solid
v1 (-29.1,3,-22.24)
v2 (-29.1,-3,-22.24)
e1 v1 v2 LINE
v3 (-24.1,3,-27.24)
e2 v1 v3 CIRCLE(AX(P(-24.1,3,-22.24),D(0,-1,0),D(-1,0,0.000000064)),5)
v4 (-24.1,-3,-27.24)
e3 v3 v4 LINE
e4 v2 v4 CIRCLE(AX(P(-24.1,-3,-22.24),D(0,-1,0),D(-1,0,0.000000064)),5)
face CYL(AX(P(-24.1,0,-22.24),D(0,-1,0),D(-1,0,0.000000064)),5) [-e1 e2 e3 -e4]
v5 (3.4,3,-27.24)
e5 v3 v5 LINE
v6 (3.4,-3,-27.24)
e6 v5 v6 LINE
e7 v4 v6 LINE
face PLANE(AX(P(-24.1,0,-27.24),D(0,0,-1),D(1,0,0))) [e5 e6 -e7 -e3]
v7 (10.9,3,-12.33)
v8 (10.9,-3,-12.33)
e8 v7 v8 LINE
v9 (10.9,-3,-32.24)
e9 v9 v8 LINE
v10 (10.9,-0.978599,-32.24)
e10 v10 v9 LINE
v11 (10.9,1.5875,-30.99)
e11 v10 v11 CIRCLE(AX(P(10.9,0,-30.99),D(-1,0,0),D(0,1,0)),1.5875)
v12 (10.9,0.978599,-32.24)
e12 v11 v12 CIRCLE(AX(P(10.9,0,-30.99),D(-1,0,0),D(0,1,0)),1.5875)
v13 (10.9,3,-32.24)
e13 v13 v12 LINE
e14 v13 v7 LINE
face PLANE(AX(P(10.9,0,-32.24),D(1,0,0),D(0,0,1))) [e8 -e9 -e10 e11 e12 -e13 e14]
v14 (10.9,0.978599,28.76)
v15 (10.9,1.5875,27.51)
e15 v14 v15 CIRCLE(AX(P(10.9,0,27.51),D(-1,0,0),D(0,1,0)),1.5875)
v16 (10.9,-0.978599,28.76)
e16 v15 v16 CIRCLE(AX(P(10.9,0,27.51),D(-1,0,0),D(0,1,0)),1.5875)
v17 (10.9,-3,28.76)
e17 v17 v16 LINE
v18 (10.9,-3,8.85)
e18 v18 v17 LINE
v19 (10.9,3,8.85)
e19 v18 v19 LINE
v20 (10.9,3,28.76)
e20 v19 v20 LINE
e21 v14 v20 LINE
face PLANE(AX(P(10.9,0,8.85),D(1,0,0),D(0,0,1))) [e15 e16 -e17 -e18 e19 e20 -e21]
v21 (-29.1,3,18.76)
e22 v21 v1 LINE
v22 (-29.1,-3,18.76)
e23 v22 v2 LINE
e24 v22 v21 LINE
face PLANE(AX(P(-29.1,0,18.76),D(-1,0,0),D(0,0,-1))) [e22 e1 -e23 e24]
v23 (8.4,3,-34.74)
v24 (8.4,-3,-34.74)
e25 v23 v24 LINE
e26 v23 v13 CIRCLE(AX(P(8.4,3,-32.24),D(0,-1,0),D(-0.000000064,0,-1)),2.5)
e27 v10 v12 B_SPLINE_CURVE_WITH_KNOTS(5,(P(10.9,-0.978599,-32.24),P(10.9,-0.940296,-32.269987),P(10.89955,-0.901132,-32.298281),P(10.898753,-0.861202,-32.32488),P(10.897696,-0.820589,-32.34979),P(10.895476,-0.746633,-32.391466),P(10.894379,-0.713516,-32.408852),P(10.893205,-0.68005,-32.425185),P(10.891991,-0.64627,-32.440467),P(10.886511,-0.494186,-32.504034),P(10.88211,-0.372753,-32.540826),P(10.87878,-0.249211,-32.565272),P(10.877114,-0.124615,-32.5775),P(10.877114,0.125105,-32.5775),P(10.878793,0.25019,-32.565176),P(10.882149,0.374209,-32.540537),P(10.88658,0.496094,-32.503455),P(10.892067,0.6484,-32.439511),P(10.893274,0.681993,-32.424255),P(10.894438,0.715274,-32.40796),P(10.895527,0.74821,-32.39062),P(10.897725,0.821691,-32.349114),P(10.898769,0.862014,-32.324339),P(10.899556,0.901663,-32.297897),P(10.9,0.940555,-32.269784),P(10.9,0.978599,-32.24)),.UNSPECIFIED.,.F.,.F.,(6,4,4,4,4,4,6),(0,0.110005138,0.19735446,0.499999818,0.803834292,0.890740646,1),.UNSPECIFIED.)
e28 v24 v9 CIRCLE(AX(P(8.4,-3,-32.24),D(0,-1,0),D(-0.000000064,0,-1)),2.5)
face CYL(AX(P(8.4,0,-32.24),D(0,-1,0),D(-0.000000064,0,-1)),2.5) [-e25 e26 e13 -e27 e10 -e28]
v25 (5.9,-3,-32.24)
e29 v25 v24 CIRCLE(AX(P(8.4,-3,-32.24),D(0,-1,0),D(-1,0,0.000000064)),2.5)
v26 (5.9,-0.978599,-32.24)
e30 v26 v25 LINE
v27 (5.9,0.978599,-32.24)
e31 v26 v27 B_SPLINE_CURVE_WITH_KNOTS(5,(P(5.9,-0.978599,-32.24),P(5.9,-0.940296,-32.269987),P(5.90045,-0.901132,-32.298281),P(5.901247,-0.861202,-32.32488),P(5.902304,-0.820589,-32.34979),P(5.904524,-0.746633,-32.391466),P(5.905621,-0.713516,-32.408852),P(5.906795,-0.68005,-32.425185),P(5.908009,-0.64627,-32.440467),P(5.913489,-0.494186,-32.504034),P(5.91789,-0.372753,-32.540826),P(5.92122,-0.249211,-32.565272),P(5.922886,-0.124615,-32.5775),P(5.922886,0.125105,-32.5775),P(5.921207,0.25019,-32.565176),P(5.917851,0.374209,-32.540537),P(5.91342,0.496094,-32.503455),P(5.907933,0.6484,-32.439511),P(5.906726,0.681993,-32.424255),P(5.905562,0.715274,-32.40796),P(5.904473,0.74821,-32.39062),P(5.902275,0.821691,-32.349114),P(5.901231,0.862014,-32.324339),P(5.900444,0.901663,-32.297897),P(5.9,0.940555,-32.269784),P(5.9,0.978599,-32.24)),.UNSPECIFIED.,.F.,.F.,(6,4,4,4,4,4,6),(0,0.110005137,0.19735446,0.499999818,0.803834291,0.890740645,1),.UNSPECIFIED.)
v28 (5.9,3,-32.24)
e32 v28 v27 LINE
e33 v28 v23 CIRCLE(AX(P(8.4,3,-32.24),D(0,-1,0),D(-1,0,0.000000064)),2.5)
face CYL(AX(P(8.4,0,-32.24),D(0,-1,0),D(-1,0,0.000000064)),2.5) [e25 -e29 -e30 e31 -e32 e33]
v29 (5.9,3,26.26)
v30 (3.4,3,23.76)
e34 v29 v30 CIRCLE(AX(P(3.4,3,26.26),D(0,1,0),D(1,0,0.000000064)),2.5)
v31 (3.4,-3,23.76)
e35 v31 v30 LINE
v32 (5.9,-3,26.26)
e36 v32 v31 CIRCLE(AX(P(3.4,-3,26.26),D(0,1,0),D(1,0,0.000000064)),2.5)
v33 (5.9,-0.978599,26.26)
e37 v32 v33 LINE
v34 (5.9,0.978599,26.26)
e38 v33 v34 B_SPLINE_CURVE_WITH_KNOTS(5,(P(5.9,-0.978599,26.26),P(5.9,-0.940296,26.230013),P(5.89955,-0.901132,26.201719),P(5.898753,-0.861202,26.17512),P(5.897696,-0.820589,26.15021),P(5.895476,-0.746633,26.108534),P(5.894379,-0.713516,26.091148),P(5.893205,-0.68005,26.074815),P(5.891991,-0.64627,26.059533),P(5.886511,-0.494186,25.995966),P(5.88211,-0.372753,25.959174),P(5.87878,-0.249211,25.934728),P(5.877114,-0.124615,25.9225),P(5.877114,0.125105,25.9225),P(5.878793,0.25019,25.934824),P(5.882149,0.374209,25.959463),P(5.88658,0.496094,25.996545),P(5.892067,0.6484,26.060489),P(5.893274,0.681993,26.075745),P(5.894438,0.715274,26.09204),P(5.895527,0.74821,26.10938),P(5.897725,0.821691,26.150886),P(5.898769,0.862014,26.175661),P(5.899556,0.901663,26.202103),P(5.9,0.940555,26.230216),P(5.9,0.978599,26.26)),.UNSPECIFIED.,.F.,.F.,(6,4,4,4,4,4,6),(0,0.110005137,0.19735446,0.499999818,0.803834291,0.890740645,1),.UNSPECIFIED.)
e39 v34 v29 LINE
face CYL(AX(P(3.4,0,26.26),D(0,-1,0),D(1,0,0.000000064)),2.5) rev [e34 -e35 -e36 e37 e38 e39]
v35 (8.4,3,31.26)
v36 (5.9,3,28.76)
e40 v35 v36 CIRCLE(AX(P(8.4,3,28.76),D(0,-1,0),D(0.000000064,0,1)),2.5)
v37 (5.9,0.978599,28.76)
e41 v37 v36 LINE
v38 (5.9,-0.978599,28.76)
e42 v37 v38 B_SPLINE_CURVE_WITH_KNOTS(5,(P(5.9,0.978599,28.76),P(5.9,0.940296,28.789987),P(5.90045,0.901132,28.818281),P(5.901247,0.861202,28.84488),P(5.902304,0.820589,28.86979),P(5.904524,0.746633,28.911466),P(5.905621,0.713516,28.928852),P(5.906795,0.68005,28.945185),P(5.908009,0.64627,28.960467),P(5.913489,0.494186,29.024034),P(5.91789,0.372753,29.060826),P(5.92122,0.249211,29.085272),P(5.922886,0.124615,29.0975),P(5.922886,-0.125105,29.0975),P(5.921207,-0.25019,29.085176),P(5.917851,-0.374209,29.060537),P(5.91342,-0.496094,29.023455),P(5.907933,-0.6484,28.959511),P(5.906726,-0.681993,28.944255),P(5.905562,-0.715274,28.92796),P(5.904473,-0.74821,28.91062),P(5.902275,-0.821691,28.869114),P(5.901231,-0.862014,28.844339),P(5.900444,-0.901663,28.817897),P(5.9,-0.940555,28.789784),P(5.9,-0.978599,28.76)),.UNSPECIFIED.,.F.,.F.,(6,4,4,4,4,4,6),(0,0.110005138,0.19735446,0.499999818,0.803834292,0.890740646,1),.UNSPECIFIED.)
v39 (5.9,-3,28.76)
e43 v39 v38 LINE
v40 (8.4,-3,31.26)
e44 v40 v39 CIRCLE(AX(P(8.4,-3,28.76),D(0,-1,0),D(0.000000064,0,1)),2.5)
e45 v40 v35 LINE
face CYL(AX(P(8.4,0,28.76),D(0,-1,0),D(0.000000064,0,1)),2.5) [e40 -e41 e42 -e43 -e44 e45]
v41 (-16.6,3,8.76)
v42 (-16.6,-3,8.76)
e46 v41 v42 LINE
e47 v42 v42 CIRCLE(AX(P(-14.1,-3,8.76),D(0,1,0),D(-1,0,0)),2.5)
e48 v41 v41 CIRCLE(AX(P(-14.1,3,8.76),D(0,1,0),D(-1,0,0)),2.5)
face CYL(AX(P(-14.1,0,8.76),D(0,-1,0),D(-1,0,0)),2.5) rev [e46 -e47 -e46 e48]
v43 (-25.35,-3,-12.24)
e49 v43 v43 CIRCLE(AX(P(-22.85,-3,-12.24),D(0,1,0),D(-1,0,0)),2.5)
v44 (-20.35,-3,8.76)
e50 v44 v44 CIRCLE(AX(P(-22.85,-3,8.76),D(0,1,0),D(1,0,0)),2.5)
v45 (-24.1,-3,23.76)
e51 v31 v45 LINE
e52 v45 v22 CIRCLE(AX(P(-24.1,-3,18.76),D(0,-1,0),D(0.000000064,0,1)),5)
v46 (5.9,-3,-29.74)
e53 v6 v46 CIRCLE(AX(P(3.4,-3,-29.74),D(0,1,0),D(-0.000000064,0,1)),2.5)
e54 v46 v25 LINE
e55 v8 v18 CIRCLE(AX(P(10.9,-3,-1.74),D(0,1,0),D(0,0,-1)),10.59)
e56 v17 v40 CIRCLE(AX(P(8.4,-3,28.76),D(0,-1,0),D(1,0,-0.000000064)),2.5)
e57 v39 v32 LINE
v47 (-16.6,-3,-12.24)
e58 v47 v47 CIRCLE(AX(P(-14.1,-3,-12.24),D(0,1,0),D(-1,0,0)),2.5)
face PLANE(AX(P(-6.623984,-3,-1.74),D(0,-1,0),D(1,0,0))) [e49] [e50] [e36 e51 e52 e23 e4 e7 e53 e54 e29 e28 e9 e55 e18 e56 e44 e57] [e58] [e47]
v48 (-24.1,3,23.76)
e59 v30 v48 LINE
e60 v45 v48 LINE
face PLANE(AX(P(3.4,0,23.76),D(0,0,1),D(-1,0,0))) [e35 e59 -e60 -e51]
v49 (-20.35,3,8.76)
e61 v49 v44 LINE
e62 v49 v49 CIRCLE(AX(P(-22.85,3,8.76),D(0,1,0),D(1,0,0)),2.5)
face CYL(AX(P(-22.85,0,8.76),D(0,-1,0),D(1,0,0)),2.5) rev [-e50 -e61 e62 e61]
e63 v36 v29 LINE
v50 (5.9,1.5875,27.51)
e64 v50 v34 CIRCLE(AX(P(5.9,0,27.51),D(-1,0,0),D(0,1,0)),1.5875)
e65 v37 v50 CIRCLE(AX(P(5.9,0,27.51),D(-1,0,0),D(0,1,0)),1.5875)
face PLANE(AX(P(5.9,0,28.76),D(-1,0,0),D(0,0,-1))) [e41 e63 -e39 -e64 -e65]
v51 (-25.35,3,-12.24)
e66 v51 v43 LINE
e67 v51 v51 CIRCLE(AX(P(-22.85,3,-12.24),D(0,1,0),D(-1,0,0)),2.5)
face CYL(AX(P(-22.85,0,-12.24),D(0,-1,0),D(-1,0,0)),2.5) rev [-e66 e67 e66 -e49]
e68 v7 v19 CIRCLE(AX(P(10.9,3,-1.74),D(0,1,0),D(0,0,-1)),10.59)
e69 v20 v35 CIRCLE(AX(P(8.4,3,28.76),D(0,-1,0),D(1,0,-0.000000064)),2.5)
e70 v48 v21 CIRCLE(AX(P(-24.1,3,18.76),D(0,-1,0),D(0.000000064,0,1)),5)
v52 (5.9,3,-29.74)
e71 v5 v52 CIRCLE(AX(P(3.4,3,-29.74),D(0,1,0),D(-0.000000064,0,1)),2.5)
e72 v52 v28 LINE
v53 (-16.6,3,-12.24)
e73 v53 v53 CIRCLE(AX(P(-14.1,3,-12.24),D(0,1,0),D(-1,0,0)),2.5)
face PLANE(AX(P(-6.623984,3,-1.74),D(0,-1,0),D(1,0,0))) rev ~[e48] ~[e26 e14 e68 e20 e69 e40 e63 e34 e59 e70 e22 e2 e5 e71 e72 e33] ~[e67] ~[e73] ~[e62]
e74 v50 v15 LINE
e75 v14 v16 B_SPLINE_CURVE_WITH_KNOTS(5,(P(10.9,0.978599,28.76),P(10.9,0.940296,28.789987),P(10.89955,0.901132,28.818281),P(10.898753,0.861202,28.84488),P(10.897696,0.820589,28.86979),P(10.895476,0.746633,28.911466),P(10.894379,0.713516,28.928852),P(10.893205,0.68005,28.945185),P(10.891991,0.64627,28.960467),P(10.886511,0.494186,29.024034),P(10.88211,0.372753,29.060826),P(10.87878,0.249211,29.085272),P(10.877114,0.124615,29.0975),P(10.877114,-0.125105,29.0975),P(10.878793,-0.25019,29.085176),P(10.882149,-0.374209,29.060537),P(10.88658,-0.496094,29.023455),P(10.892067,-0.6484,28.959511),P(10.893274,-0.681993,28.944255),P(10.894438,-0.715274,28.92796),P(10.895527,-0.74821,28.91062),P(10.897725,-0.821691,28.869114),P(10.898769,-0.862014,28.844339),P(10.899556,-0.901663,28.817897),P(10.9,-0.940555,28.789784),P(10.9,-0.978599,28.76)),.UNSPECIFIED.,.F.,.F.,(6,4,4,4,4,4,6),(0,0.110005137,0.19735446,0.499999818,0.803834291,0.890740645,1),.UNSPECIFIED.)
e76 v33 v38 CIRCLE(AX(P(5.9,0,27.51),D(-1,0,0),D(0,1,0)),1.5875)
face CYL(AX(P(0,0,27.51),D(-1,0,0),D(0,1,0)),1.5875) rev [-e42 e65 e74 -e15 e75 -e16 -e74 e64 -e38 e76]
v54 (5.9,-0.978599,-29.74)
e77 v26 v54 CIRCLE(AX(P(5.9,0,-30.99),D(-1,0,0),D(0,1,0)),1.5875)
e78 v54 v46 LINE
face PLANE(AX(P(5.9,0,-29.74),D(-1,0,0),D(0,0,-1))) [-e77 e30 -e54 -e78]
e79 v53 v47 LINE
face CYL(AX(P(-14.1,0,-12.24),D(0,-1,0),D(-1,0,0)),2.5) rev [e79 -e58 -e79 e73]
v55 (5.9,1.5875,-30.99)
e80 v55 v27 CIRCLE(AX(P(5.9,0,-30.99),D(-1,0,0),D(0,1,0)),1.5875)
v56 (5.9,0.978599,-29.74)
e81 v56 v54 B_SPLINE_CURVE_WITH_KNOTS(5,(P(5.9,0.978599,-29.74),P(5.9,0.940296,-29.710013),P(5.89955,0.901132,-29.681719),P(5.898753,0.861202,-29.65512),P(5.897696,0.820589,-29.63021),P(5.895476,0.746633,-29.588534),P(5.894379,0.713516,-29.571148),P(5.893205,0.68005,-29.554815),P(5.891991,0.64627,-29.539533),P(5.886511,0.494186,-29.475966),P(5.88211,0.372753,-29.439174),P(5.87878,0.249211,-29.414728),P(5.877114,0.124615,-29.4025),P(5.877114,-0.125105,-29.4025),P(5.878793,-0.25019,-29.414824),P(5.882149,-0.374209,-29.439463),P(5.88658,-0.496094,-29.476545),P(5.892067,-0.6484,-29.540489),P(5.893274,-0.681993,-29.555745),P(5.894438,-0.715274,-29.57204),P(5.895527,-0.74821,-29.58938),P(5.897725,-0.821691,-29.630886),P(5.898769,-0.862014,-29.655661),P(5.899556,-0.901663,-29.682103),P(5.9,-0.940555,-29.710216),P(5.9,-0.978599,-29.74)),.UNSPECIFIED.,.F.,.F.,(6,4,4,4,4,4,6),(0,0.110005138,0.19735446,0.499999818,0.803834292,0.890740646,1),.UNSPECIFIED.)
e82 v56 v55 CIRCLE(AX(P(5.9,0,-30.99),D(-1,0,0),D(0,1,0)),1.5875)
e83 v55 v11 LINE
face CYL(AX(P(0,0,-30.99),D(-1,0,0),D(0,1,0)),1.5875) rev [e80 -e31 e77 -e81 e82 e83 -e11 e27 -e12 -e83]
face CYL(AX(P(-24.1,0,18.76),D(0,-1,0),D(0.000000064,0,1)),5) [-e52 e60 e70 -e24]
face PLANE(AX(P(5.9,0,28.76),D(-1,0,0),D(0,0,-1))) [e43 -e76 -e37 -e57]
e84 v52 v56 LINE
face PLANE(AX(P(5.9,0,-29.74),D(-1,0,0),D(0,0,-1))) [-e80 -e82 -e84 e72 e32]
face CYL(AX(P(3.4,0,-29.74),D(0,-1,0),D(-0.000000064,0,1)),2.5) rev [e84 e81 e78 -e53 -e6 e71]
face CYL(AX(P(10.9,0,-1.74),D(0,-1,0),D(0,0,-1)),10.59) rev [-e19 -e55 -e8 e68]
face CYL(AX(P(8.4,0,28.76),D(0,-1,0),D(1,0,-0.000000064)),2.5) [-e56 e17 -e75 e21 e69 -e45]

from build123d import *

# Parameters (mm, degrees)
F1_DEPTH = 3
F2_R     = 1.5875
F3_DEPTH = 10.901


with BuildPart() as f1:
    # F0 (on Front) → F1 (new body, symmetric)
    with BuildSketch(Plane.XZ):
        with BuildLine():
            Line((-29.1, 18.76), (-29.1, 8.76))
            Line((-29.1, 8.76), (-29.1, -12.24))
            Line((-29.1, -12.24), (-29.1, -22.24))
            ThreePointArc((-29.1, -22.24), (-27.635534, -25.775534), (-24.1, -27.24))
            Line((-24.1, -27.24), (3.4, -27.24))
            ThreePointArc((3.4, -27.24), (5.167767, -27.972233), (5.9, -29.74))
            Line((5.9, -29.74), (5.9, -32.24))
            ThreePointArc((5.9, -32.24), (6.632233, -34.007767), (8.4, -34.74))
            ThreePointArc((8.4, -34.74), (10.167767, -34.007767), (10.9, -32.24))
            Line((10.9, -32.24), (10.9, -30.99))
            Line((10.9, -30.99), (10.9, -27.24))
            Line((10.9, -27.24), (10.9, -12.33))
            ThreePointArc((10.9, -12.33), (0.31, -1.74), (10.9, 8.85))
            Line((10.9, 8.85), (10.9, 23.76))
            Line((10.9, 23.76), (10.9, 27.51))
            Line((10.9, 27.51), (10.9, 28.76))
            ThreePointArc((10.9, 28.76), (10.167767, 30.527767), (8.4, 31.26))
            ThreePointArc((8.4, 31.26), (6.632233, 30.527767), (5.9, 28.76))
            Line((5.9, 28.76), (5.9, 26.26))
            ThreePointArc((5.9, 26.26), (5.167767, 24.492233), (3.4, 23.76))
            Line((3.4, 23.76), (-24.1, 23.76))
            ThreePointArc((-24.1, 23.76), (-27.635534, 22.295534), (-29.1, 18.76))
        make_face()
        with BuildLine():
            ThreePointArc((-20.35, -12.24), (-22.85, -14.74), (-25.35, -12.24))
            ThreePointArc((-25.35, -12.24), (-22.85, -9.74), (-20.35, -12.24))
        make_face(mode=Mode.SUBTRACT)
        with BuildLine():
            ThreePointArc((-11.6, -12.24), (-14.1, -14.74), (-16.6, -12.24))
            ThreePointArc((-16.6, -12.24), (-14.1, -9.74), (-11.6, -12.24))
        make_face(mode=Mode.SUBTRACT)
        with BuildLine():
            ThreePointArc((-25.35, 8.76), (-22.85, 11.26), (-20.35, 8.76))
            ThreePointArc((-20.35, 8.76), (-22.85, 6.26), (-25.35, 8.76))
        make_face(mode=Mode.SUBTRACT)
        with BuildLine():
            ThreePointArc((-11.6, 8.76), (-14.1, 6.26), (-16.6, 8.76))
            ThreePointArc((-16.6, 8.76), (-14.1, 11.26), (-11.6, 8.76))
        make_face(mode=Mode.SUBTRACT)
    extrude(amount=F1_DEPTH, both=True)

    # F2 (on Right) → F3 (cut, through all)
    with BuildSketch(Plane.YZ):
        with Locations((0, 27.51)):
            Circle(F2_R)
        with Locations((0, -30.99)):
            Circle(F2_R)
    extrude(amount=F3_DEPTH, mode=Mode.SUBTRACT)


solid = f1.part
